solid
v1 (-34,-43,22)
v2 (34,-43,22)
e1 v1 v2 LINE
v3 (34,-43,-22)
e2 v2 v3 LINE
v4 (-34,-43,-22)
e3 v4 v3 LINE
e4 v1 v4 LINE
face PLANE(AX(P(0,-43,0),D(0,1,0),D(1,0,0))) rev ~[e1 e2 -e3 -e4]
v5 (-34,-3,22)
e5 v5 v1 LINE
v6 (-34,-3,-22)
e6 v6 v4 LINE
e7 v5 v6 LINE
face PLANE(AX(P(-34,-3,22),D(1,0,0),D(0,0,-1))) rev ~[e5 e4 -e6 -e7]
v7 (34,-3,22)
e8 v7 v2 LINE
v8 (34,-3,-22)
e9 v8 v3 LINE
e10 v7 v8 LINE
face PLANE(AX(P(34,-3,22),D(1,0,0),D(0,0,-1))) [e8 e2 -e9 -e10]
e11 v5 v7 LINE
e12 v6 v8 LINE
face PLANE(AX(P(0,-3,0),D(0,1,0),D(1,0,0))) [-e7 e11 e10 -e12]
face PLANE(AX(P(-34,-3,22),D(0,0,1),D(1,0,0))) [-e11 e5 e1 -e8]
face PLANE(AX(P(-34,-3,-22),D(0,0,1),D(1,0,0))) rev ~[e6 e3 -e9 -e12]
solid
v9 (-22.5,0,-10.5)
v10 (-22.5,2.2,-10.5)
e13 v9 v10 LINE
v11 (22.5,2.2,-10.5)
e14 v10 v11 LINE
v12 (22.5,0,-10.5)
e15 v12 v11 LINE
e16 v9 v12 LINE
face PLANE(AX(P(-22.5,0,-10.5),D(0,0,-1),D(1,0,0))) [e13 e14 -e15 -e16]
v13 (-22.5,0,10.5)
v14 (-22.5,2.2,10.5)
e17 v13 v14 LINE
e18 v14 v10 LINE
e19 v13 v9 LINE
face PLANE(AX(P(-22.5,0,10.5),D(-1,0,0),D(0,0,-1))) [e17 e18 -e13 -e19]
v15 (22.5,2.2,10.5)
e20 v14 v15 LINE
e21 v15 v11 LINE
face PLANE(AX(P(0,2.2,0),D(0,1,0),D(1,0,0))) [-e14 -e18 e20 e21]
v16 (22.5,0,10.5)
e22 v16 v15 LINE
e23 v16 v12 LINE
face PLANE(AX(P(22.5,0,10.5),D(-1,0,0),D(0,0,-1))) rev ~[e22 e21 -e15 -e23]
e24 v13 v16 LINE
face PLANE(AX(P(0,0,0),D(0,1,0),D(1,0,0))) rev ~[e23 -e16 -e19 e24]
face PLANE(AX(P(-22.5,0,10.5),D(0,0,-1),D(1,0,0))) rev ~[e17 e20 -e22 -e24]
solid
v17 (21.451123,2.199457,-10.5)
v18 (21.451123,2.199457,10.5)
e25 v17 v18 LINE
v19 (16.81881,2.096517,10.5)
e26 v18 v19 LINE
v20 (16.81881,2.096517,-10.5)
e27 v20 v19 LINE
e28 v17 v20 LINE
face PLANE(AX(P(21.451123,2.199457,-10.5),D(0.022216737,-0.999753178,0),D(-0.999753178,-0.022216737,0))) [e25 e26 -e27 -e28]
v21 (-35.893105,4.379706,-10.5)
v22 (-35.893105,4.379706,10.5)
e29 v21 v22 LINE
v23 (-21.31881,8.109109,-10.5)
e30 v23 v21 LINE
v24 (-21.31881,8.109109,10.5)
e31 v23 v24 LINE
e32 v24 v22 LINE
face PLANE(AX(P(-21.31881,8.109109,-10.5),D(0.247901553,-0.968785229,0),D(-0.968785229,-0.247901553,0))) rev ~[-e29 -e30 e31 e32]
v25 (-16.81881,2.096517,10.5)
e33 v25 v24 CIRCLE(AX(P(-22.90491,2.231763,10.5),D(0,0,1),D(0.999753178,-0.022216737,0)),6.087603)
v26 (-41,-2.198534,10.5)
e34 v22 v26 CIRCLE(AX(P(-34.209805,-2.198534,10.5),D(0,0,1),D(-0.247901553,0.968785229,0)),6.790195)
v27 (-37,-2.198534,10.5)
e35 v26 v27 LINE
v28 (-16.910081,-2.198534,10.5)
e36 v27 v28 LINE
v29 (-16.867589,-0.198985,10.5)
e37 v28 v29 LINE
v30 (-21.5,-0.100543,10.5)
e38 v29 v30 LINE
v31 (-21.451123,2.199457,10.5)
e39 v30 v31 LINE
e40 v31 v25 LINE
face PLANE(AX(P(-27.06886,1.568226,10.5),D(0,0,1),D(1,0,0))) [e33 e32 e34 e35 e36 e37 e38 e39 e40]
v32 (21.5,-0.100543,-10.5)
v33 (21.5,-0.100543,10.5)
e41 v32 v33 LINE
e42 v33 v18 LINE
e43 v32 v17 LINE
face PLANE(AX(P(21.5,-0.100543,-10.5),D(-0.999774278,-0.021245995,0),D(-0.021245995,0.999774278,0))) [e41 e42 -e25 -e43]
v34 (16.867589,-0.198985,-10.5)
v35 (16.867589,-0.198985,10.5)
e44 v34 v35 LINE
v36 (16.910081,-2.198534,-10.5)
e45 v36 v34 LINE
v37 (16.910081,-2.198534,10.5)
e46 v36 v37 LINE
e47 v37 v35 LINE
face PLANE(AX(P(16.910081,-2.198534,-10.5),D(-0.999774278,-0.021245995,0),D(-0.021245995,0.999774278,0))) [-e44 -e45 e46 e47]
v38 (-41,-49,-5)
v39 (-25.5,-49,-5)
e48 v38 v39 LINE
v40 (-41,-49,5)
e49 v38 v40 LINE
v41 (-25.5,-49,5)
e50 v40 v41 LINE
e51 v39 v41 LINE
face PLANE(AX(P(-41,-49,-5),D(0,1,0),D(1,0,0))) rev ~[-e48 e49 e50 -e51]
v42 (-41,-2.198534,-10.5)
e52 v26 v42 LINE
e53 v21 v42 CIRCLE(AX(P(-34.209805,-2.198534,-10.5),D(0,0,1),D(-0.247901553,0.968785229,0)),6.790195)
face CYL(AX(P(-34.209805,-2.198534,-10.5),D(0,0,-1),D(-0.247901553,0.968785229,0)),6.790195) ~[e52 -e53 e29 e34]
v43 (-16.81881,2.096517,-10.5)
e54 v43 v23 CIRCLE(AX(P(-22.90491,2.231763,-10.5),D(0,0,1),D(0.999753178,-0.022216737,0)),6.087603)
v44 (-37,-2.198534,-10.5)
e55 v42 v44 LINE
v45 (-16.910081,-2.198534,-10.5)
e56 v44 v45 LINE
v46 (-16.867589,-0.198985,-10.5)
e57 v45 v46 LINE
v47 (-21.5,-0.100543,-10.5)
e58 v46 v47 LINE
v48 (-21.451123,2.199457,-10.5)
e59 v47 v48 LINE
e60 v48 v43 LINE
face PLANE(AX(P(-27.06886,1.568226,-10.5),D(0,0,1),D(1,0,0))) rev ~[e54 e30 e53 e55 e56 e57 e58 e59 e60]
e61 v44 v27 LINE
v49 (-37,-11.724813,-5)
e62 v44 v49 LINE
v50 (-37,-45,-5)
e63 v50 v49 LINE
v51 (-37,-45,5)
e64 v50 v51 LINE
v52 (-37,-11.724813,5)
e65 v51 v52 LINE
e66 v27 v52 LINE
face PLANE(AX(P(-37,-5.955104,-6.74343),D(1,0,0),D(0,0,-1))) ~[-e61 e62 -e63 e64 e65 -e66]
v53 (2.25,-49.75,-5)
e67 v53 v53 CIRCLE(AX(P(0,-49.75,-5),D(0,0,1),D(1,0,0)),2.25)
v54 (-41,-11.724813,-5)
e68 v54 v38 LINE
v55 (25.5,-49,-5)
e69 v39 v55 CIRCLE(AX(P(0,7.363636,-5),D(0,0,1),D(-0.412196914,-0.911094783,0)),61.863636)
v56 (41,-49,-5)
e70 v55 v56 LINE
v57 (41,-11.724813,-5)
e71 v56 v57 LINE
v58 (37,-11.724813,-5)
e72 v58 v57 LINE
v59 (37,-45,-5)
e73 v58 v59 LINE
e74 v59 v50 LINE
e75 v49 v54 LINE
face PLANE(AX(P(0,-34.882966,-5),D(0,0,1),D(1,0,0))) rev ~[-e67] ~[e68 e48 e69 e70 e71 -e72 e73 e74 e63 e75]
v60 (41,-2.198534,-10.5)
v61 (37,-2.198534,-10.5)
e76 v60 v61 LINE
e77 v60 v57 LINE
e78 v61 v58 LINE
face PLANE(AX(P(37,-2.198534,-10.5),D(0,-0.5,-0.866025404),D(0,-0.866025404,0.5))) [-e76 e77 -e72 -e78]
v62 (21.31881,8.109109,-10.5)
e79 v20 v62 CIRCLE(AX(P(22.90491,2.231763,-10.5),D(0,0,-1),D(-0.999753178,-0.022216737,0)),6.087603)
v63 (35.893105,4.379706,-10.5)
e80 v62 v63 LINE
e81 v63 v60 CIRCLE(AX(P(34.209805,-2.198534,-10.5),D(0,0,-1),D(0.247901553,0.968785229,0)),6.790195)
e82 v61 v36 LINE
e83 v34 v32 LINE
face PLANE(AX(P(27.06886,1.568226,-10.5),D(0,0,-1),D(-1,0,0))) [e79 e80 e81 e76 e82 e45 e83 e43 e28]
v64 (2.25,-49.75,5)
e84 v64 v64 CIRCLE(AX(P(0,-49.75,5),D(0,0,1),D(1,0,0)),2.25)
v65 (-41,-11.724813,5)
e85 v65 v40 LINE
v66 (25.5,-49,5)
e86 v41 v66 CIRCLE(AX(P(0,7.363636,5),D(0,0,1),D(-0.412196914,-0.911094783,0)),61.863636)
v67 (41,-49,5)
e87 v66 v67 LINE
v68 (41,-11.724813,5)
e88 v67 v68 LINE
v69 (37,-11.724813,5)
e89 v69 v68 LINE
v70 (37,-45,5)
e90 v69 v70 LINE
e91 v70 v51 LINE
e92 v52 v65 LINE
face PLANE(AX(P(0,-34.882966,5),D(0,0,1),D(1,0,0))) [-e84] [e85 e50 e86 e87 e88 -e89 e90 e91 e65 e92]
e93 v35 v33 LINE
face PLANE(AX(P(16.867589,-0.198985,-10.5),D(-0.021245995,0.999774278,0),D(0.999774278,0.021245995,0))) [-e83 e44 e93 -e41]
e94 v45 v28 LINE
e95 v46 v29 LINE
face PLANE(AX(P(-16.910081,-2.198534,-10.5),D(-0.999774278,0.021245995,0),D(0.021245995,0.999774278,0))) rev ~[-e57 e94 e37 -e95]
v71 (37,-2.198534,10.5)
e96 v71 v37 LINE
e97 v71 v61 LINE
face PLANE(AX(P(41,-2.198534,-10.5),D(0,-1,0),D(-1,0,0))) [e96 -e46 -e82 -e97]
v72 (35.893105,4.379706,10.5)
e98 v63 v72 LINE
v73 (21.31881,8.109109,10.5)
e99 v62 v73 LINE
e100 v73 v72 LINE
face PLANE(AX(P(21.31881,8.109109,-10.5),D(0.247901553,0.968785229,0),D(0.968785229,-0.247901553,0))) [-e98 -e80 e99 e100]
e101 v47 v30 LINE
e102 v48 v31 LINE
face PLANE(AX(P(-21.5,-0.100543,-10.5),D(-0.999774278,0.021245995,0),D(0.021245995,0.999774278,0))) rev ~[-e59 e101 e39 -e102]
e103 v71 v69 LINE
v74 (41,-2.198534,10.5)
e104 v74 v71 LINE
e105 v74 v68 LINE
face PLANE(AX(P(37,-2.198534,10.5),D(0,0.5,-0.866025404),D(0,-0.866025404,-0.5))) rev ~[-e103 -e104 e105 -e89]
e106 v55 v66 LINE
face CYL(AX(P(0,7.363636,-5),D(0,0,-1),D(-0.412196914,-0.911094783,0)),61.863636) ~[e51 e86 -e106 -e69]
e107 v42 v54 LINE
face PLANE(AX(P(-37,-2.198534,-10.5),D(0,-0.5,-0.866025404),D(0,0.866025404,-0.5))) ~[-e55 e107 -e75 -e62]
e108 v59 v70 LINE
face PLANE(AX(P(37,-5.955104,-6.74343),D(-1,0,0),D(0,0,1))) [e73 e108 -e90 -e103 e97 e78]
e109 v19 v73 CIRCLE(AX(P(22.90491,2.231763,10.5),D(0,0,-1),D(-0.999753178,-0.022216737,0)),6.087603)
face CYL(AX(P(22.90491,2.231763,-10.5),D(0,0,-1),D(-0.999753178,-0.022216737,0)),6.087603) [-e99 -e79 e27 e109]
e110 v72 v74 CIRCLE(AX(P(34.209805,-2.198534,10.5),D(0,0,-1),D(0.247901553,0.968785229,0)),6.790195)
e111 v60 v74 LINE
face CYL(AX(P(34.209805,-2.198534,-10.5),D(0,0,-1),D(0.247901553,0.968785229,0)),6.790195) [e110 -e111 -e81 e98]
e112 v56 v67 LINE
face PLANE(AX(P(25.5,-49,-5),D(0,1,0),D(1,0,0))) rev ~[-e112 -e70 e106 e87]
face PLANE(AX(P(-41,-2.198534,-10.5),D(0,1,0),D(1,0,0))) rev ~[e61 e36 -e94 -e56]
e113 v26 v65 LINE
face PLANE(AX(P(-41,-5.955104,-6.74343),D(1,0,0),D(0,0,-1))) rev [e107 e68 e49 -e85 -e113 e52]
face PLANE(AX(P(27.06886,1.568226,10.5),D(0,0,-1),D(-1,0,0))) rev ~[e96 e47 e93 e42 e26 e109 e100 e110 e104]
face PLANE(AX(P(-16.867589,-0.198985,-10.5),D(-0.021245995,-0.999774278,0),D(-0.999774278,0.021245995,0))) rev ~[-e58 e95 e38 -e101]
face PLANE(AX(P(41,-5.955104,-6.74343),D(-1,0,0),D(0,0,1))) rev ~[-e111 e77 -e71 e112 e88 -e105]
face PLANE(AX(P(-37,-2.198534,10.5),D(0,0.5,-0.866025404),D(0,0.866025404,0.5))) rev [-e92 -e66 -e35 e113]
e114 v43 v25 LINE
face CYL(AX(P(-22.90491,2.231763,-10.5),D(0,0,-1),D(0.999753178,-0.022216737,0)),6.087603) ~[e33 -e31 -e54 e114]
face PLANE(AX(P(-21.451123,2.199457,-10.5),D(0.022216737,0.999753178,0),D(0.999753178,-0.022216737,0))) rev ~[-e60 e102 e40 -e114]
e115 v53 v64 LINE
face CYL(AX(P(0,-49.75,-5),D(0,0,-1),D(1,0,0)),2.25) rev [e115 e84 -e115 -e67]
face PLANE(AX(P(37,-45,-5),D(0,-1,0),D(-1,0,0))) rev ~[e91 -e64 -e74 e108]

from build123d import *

# Parameters (mm, degrees)
SKETCH1_W                = 45
SKETCH1_H                = 21
BOSS_EXTRUDE1_DEPTH      = 2.2
SKETCH2_W                = 68
SKETCH2_H                = 44
BOSS_EXTRUDE2_DEPTH      = 40
BOSS_EXTRUDE3_DEPTH      = 5
BOSS_EXTRUDE3_DEPTH_BACK = 5
SKETCH4_R                = 2.25
BOSS_EXTRUDE4_DEPTH      = 10.5
BOSS_EXTRUDE4_DEPTH_BACK = 10.5
BOSS_EXTRUDE5_START      = -4
BOSS_EXTRUDE5_DEPTH      = 4


with BuildPart() as part:
    # Sketch1 → Boss-Extrude1 (new body)
    with BuildSketch(Plane(origin=(0, 0, 0), x_dir=(1, 0, 0), z_dir=(0, 1, 0))):
        Rectangle(SKETCH1_W, SKETCH1_H)
    extrude(amount=BOSS_EXTRUDE1_DEPTH)


with BuildPart() as body_2:
    # Sketch2 → Boss-Extrude2 (new body)
    with BuildSketch(Plane(origin=(0, -3, 0), x_dir=(1, 0, 0), z_dir=(0, 1, 0))):
        Rectangle(SKETCH2_W, SKETCH2_H)
    extrude(amount=-BOSS_EXTRUDE2_DEPTH)


with BuildPart() as body_3:
    # Sketch4 → Boss-Extrude3 (new, two sides: drawn at the far end of the back side and taken through both)
    with BuildSketch(Plane.XY.offset(-BOSS_EXTRUDE3_DEPTH_BACK)):
        with BuildLine():
            Line((37, -45), (-37, -45))
            Line((-37, -45), (-37, -2.198533967))
            Line((-37, -2.198533967), (-41, -2.198533967))
            Line((-41, -2.198533967), (-41, -49))
            Line((-41, -49), (-25.5, -49))
            ThreePointArc((-25.5, -49), (0, -54.5), (25.5, -49))
            Line((25.5, -49), (41, -49))
            Line((41, -49), (41, -2.198533967))
            Line((41, -2.198533967), (37, -2.198533967))
            Line((37, -2.198533967), (37, -45))
        make_face()
        with Locations((0, -49.75)):
            Circle(SKETCH4_R, mode=Mode.SUBTRACT)
    extrude(amount=BOSS_EXTRUDE3_DEPTH + BOSS_EXTRUDE3_DEPTH_BACK)

    # Sketch4<4> → Boss-Extrude4 (add, two sides: drawn at the far end of the back side and taken through both)
    with BuildSketch(Plane.XY.offset(-BOSS_EXTRUDE4_DEPTH_BACK)):
        with BuildLine():
            Line((21.318810043, 8.109109109), (35.893105207, 4.379706241))
            ThreePointArc((35.893105207, 4.379706241), (39.5734178, 1.965407035), (41, -2.198533967))
            Line((41, -2.198533967), (37, -2.198533967))
            Line((37, -2.198533967), (16.910081087, -2.198533967))
            Line((16.910081087, -2.198533967), (16.867589097, -0.19898541))
            Line((16.867589097, -0.19898541), (21.5, -0.100543009))
            Line((21.5, -0.100543009), (21.451123178, 2.199456991))
            Line((21.451123178, 2.199456991), (16.818810043, 2.096516699))
            ThreePointArc((16.818810043, 2.096516699), (18.031155865, 5.879423637), (21.318810043, 8.109109109))
        make_face()
        with BuildLine():
            Line((-21.318810043, 8.109109109), (-35.893105207, 4.379706241))
            ThreePointArc((-35.893105207, 4.379706241), (-39.5734178, 1.965407035), (-41, -2.198533967))
            Line((-41, -2.198533967), (-37, -2.198533967))
            Line((-37, -2.198533967), (-16.910081087, -2.198533967))
            Line((-16.910081087, -2.198533967), (-16.867589097, -0.19898541))
            Line((-16.867589097, -0.19898541), (-21.5, -0.100543009))
            Line((-21.5, -0.100543009), (-21.451123178, 2.199456991))
            Line((-21.451123178, 2.199456991), (-16.818810043, 2.096516699))
            ThreePointArc((-16.818810043, 2.096516699), (-18.031155865, 5.879423637), (-21.318810043, 8.109109109))
        make_face()
    extrude(amount=BOSS_EXTRUDE4_DEPTH + BOSS_EXTRUDE4_DEPTH_BACK)

    # Sketch6 → Boss-Extrude5 (add)
    with BuildSketch(Plane(origin=(41, 0, 0), x_dir=(0, 0, -1), z_dir=(1, 0, 0)).offset(BOSS_EXTRUDE5_START)):
        Polygon((10.5, -2.198533967), (5, -11.724813409), (5, -2.198533967), align=None)
        Polygon((-5, -11.724813409), (-5, -2.198533967), (-10.5, -2.198533967), align=None)
    boss_extrude5 = extrude(amount=BOSS_EXTRUDE5_DEPTH)

    # Mirror1: Boss-Extrude5 across plane
    add(boss_extrude5.mirror(Plane(origin=(0, 0, 0), x_dir=(0, 0, 1), z_dir=(1, 0, 0))))


solid = Compound([part.part, body_2.part, body_3.part])
